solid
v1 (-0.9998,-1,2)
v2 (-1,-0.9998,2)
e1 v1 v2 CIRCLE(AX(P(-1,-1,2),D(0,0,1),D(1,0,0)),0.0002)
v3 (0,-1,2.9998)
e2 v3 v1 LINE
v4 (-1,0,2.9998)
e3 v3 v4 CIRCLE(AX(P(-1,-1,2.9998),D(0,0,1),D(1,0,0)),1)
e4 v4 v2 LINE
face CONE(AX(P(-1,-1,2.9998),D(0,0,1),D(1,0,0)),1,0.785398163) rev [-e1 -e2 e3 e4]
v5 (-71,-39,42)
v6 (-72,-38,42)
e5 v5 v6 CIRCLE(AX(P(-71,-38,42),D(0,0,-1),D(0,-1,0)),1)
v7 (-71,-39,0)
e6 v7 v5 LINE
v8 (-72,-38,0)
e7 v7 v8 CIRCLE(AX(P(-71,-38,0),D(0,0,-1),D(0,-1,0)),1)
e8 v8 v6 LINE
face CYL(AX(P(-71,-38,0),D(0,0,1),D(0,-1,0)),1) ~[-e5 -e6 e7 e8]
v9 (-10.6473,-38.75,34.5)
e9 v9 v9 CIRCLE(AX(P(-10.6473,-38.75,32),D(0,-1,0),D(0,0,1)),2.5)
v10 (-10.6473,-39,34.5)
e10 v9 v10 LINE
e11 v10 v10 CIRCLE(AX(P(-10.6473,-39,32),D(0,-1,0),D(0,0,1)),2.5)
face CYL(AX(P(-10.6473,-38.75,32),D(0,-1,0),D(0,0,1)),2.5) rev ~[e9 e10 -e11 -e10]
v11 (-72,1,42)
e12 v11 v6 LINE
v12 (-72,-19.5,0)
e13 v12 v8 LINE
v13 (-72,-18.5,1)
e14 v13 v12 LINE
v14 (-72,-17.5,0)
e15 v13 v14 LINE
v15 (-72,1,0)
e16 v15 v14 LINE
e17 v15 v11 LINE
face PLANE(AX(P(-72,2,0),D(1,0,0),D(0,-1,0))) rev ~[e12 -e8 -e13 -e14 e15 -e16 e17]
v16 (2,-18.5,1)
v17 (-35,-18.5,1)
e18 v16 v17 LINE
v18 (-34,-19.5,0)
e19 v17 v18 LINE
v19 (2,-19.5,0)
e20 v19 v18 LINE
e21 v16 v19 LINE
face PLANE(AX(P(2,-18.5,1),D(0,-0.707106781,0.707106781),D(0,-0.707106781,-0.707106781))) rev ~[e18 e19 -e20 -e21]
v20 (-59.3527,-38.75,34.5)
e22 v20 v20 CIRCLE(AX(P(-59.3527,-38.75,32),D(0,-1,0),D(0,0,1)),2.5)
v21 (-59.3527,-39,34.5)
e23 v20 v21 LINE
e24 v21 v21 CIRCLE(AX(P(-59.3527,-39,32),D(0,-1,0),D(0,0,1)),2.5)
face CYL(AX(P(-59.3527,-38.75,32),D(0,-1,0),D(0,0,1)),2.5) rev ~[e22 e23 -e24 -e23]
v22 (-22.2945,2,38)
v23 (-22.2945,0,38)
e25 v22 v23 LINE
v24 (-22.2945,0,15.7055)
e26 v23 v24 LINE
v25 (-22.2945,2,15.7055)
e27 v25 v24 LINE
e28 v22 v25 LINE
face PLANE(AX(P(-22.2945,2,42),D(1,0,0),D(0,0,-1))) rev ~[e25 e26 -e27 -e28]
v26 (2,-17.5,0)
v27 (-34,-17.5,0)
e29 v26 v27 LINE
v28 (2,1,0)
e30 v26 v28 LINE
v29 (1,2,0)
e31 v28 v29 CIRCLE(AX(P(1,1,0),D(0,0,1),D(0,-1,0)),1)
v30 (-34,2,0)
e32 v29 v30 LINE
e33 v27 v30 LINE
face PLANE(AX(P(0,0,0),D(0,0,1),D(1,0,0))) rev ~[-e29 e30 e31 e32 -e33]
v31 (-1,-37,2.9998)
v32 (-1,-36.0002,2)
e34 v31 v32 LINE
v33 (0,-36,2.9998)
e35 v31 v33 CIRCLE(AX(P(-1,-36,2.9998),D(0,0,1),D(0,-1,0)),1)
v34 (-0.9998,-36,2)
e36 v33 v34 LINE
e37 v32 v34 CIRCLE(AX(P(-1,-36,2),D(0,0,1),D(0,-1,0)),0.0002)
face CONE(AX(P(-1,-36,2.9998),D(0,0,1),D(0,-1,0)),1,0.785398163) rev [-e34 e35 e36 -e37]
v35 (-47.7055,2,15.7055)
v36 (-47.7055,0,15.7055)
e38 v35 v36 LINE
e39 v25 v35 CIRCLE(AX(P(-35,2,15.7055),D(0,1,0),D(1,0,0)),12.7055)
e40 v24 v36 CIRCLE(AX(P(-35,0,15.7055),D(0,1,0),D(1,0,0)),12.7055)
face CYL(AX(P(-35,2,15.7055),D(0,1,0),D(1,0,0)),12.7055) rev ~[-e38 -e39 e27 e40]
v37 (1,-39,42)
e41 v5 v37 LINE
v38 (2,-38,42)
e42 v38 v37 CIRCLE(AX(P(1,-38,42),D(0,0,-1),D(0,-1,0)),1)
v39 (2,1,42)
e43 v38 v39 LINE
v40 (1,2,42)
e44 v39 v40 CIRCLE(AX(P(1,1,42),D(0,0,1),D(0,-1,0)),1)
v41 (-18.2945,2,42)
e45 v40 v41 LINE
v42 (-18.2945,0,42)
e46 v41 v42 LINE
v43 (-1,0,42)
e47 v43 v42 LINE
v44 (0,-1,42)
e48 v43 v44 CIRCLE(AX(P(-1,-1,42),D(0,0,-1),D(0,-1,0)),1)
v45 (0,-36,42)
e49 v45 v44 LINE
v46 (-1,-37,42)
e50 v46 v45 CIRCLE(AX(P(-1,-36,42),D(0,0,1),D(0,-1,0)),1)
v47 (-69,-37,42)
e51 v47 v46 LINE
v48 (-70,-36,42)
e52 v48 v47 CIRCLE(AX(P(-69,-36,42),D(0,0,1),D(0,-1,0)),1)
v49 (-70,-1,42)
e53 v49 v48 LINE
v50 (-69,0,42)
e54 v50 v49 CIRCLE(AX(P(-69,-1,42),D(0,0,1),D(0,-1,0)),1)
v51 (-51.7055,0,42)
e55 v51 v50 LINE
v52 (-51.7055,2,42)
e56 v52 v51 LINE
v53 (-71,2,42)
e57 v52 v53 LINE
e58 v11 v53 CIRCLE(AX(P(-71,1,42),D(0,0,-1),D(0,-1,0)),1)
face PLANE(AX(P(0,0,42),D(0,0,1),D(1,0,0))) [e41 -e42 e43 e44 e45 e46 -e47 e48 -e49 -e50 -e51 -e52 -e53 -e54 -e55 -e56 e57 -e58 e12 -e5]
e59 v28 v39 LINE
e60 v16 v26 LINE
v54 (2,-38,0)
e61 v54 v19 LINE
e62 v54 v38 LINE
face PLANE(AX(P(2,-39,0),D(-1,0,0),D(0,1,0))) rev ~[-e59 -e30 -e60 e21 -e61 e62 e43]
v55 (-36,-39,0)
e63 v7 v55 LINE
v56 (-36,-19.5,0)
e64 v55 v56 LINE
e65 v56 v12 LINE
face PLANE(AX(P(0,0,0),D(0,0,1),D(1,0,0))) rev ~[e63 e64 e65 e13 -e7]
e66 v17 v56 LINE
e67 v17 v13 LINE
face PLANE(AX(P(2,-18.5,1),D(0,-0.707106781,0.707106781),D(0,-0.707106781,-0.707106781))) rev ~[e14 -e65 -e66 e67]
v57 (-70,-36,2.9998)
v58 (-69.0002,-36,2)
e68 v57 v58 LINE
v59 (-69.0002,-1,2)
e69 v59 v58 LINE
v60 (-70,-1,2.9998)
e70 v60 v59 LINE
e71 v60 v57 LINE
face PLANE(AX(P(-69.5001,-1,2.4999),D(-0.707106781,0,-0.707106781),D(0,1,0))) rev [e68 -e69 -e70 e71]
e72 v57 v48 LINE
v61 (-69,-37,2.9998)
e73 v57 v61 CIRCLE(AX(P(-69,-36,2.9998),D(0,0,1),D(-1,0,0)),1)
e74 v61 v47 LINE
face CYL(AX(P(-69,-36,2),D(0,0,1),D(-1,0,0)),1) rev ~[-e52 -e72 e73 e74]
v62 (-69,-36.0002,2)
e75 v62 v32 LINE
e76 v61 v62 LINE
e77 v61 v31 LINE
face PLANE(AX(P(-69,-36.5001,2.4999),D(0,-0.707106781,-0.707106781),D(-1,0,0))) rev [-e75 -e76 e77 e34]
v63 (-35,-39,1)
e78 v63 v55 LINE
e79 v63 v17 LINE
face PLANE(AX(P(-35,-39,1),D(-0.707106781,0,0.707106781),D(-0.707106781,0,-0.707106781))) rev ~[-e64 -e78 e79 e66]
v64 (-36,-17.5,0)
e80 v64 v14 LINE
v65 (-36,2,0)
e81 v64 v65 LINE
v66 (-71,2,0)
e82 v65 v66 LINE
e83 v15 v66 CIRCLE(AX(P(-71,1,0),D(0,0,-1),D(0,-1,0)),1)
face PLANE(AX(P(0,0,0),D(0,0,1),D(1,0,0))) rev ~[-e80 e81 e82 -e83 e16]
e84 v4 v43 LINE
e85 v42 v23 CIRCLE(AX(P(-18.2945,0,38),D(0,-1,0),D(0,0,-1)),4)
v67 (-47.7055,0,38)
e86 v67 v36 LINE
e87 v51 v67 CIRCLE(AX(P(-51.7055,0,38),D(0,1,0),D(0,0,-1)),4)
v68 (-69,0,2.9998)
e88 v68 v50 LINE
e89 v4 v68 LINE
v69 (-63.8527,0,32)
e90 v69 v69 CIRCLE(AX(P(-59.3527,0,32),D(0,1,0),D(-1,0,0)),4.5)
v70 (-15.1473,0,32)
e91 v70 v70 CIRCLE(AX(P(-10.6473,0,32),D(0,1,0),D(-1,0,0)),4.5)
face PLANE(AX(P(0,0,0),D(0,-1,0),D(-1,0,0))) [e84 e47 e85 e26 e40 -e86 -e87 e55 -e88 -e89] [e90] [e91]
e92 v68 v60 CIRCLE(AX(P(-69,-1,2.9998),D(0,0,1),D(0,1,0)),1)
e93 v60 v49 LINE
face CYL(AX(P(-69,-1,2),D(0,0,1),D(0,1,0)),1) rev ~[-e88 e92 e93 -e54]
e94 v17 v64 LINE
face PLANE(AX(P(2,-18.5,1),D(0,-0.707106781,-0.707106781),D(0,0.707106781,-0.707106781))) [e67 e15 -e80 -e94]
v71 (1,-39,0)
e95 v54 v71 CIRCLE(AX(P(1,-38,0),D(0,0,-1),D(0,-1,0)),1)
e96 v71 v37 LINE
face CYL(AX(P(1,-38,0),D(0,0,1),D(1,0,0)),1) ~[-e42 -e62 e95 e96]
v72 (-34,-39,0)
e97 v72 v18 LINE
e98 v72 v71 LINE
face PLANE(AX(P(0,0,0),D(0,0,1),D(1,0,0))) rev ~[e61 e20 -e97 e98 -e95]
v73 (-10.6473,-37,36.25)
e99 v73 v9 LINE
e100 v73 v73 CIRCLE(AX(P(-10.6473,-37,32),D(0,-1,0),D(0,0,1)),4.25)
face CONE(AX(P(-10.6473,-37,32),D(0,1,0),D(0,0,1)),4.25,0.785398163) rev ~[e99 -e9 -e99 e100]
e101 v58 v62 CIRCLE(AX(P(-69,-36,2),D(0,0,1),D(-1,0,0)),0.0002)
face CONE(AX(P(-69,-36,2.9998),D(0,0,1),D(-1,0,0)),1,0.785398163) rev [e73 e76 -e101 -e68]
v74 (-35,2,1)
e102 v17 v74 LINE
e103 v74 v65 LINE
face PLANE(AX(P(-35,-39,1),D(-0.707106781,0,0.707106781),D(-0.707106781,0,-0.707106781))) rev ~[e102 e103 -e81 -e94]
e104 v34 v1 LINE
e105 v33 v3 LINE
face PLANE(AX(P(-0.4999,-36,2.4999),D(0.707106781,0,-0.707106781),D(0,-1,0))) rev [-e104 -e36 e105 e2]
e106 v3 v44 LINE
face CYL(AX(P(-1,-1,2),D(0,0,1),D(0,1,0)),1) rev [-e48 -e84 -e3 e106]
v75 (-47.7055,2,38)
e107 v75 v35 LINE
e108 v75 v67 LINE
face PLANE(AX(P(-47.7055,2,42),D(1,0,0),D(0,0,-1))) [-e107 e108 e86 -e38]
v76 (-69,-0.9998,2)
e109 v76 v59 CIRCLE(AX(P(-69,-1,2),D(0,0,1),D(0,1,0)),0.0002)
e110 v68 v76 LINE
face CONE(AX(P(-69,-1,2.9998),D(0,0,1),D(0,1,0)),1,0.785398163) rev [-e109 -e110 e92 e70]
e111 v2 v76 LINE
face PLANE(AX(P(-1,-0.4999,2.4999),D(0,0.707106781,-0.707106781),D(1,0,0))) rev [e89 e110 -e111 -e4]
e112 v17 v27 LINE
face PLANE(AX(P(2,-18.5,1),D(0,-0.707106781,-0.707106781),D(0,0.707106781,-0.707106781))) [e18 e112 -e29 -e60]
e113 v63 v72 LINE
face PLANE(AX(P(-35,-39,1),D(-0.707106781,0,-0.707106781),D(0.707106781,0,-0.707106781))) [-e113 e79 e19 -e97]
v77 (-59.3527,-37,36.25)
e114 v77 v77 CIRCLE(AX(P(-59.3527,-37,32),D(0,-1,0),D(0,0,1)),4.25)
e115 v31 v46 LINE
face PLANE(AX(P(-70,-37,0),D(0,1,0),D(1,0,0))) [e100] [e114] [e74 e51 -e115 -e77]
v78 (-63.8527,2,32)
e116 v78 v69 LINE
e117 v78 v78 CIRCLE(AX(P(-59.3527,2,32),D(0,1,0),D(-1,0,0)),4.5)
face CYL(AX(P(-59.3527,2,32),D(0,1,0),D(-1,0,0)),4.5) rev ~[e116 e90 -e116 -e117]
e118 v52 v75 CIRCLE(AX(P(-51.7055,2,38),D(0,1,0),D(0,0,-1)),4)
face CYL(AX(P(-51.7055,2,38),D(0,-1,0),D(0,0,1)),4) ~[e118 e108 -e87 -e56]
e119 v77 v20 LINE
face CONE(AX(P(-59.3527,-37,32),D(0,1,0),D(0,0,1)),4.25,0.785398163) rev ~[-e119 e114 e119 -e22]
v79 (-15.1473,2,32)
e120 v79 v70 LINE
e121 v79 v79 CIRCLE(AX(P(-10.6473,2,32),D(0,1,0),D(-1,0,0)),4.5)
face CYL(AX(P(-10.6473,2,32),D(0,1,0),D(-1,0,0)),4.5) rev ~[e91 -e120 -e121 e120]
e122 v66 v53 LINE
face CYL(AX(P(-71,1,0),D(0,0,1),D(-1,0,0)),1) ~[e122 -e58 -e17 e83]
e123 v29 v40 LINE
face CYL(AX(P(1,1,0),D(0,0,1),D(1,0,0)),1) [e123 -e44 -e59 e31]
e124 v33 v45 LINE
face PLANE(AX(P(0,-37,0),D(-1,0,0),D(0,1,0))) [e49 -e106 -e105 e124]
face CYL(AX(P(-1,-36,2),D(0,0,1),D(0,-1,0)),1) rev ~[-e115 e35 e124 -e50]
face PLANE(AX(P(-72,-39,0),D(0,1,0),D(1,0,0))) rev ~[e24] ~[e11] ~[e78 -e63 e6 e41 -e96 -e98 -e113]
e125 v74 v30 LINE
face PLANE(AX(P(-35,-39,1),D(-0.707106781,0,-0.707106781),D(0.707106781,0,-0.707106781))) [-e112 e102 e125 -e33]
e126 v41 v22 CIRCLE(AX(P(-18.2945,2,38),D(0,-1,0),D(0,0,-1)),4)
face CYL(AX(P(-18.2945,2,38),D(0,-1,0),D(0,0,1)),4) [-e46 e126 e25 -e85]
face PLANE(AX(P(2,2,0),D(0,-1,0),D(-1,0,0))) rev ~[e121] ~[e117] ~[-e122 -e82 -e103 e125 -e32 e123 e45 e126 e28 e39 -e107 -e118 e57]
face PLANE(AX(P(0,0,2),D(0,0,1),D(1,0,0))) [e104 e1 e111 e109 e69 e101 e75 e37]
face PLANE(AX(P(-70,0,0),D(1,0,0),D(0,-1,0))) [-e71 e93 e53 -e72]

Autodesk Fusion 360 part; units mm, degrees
sketch "Sketch1" plane through (0, 0, 0) normal (0, 0, 1) x (1, 0, 0)
  line L0 (0, 0) -> (-70, 0)
  line L1 (-70, 0) -> (-70, -37)
  line L2 (-70, -37) -> (0, -37)
  line L3 (0, -37) -> (0, 0)
  line L4 (2, 2) -> (-72, 2)
  line L5 (-72, 2) -> (-72, -39)
  line L6 (-72, -39) -> (2, -39)
  line L7 (2, -39) -> (2, 2)
  dimension "d1" = 37
  dimension "d2" = 70
  dimension "d3" = 2
extrude "Extrude1" add sketch "Sketch1" along normal blind 42
extrude "Extrude2" add sketch "Sketch1" along normal blind 2 contours L0 L1 L2 L3
fillet "Fillet1" radius 1 4 edges at (0, -37, 22) (-70, -37, 22) (-70, 0, 22) (0, 0, 22)
fillet "Fillet2" radius 1 4 edges at (2, -39, 21) (-72, -39, 21) (-72, 2, 21) (2, 2, 21)
chamfer "Chamfer1" distance 1 angle 45 8 edges at (-70, -18.5, 2) (-69.7071, -0.2929, 2) (-35, 0, 2) (-0.2929, -0.2929, 2) (0, -18.5, 2) (-0.2929, -36.7071, 2) (-35, -37, 2) (-69.7071, -36.7071, 2)
sketch "Sketch2" plane through (0, 2, 0) normal (0, 1, 0) x (-1, 0, 0)
  line L0 (-1, 42) -> (-1, 0)
  line L1 (-1, 0) -> (71, 0)
  line L2 (71, 0) -> (71, 42)
  line L3 (71, 42) -> (-1, 42)
  line L4 (35, 42) -> (35, 0) construction
  line L5 (22.2945, 42) -> (22.2945, 15.7055)
  line L6 (47.7055, 42) -> (47.7055, 15.7055)
  arc A0 (22.2945, 15.7055) -> (47.7055, 15.7055) centre (35, 15.7055) ccw
  circle A1 centre (10.6473, 32) radius 4.5
  circle A2 centre (59.3527, 32) radius 4.5
  line L7 (-1, 32) -> (22.2945, 32) construction
  dimension "d13" = 3
  dimension "d14" = 9
  dimension "d15" = 10
extrude "Extrude3" cut sketch "Sketch2" against normal up to surface (2 mm away) contours L3 L5 L6 A0 | A1 | A2
fillet "Fillet3" radius 4 2 edges at (-22.2945, 1, 42) (-47.7055, 1, 42)
sketch "projecting holes for attachment" plane through (0, -37, 0) normal (0, 1, 0) x (-1, 0, 0)
  line L0 (1, 3) -> (69, 3)
  line L1 (69, 3) -> (69, 42)
  line L2 (69, 42) -> (1, 42)
  line L3 (1, 42) -> (1, 3)
  point P0 (10.6473, 32)
  point P1 (59.3527, 32)
hole "Hole1" at (-59.3527, -37, 32) at (-10.6473, -37, 32) direction (0, -1, 0) diameter 5 depth 11 tip angle 118 countersink diameter 8.5 countersink angle 90
sketch "Splitting the base for printability" plane through (2, 0, 0) normal (1, 0, 0) x (0, 1, 0)
  line L0 (1, 0) -> (1, 42)
  line L1 (1, 42) -> (-38, 42)
  line L2 (-38, 42) -> (-38, 0)
  line L3 (-38, 0) -> (1, 0)
  line L4 (-38, 0) -> (1, 0)
  line L5 (-18.5, 0) -> (-18.5, 1) construction
  line L6 (-18.5, 1) -> (-19.5, 0)
  line L7 (-18.5, 1) -> (-17.5, 0)
  dimension "d26" = 1
  dimension "d27" = 90
extrude "Extrude4" cut sketch "Splitting the base for printability" against normal up to surface (74 mm away) contours L3 L4 L6 L7
sketch "Splitting the base for printability 2" plane through (0, -39, 0) normal (0, -1, 0) x (1, 0, 0)
  circle A0 centre (-59.3527, 32) radius 2.5
  circle A1 centre (-10.6473, 32) radius 2.5
  line L0 (-71, 42) -> (-71, 0)
  line L1 (-71, 0) -> (1, 0)
  line L2 (1, 0) -> (1, 42)
  line L3 (1, 42) -> (-71, 42)
  line L4 (-35, 0) -> (-35, 1) construction
  line L5 (-35, 1) -> (-34, 0)
  line L6 (-35, 1) -> (-36, 0)
  dimension "d30" = 1
  dimension "d31" = 90
extrude "Extrude5" cut sketch "Splitting the base for printability 2" against normal blind 41 contours L1 L5 L6
